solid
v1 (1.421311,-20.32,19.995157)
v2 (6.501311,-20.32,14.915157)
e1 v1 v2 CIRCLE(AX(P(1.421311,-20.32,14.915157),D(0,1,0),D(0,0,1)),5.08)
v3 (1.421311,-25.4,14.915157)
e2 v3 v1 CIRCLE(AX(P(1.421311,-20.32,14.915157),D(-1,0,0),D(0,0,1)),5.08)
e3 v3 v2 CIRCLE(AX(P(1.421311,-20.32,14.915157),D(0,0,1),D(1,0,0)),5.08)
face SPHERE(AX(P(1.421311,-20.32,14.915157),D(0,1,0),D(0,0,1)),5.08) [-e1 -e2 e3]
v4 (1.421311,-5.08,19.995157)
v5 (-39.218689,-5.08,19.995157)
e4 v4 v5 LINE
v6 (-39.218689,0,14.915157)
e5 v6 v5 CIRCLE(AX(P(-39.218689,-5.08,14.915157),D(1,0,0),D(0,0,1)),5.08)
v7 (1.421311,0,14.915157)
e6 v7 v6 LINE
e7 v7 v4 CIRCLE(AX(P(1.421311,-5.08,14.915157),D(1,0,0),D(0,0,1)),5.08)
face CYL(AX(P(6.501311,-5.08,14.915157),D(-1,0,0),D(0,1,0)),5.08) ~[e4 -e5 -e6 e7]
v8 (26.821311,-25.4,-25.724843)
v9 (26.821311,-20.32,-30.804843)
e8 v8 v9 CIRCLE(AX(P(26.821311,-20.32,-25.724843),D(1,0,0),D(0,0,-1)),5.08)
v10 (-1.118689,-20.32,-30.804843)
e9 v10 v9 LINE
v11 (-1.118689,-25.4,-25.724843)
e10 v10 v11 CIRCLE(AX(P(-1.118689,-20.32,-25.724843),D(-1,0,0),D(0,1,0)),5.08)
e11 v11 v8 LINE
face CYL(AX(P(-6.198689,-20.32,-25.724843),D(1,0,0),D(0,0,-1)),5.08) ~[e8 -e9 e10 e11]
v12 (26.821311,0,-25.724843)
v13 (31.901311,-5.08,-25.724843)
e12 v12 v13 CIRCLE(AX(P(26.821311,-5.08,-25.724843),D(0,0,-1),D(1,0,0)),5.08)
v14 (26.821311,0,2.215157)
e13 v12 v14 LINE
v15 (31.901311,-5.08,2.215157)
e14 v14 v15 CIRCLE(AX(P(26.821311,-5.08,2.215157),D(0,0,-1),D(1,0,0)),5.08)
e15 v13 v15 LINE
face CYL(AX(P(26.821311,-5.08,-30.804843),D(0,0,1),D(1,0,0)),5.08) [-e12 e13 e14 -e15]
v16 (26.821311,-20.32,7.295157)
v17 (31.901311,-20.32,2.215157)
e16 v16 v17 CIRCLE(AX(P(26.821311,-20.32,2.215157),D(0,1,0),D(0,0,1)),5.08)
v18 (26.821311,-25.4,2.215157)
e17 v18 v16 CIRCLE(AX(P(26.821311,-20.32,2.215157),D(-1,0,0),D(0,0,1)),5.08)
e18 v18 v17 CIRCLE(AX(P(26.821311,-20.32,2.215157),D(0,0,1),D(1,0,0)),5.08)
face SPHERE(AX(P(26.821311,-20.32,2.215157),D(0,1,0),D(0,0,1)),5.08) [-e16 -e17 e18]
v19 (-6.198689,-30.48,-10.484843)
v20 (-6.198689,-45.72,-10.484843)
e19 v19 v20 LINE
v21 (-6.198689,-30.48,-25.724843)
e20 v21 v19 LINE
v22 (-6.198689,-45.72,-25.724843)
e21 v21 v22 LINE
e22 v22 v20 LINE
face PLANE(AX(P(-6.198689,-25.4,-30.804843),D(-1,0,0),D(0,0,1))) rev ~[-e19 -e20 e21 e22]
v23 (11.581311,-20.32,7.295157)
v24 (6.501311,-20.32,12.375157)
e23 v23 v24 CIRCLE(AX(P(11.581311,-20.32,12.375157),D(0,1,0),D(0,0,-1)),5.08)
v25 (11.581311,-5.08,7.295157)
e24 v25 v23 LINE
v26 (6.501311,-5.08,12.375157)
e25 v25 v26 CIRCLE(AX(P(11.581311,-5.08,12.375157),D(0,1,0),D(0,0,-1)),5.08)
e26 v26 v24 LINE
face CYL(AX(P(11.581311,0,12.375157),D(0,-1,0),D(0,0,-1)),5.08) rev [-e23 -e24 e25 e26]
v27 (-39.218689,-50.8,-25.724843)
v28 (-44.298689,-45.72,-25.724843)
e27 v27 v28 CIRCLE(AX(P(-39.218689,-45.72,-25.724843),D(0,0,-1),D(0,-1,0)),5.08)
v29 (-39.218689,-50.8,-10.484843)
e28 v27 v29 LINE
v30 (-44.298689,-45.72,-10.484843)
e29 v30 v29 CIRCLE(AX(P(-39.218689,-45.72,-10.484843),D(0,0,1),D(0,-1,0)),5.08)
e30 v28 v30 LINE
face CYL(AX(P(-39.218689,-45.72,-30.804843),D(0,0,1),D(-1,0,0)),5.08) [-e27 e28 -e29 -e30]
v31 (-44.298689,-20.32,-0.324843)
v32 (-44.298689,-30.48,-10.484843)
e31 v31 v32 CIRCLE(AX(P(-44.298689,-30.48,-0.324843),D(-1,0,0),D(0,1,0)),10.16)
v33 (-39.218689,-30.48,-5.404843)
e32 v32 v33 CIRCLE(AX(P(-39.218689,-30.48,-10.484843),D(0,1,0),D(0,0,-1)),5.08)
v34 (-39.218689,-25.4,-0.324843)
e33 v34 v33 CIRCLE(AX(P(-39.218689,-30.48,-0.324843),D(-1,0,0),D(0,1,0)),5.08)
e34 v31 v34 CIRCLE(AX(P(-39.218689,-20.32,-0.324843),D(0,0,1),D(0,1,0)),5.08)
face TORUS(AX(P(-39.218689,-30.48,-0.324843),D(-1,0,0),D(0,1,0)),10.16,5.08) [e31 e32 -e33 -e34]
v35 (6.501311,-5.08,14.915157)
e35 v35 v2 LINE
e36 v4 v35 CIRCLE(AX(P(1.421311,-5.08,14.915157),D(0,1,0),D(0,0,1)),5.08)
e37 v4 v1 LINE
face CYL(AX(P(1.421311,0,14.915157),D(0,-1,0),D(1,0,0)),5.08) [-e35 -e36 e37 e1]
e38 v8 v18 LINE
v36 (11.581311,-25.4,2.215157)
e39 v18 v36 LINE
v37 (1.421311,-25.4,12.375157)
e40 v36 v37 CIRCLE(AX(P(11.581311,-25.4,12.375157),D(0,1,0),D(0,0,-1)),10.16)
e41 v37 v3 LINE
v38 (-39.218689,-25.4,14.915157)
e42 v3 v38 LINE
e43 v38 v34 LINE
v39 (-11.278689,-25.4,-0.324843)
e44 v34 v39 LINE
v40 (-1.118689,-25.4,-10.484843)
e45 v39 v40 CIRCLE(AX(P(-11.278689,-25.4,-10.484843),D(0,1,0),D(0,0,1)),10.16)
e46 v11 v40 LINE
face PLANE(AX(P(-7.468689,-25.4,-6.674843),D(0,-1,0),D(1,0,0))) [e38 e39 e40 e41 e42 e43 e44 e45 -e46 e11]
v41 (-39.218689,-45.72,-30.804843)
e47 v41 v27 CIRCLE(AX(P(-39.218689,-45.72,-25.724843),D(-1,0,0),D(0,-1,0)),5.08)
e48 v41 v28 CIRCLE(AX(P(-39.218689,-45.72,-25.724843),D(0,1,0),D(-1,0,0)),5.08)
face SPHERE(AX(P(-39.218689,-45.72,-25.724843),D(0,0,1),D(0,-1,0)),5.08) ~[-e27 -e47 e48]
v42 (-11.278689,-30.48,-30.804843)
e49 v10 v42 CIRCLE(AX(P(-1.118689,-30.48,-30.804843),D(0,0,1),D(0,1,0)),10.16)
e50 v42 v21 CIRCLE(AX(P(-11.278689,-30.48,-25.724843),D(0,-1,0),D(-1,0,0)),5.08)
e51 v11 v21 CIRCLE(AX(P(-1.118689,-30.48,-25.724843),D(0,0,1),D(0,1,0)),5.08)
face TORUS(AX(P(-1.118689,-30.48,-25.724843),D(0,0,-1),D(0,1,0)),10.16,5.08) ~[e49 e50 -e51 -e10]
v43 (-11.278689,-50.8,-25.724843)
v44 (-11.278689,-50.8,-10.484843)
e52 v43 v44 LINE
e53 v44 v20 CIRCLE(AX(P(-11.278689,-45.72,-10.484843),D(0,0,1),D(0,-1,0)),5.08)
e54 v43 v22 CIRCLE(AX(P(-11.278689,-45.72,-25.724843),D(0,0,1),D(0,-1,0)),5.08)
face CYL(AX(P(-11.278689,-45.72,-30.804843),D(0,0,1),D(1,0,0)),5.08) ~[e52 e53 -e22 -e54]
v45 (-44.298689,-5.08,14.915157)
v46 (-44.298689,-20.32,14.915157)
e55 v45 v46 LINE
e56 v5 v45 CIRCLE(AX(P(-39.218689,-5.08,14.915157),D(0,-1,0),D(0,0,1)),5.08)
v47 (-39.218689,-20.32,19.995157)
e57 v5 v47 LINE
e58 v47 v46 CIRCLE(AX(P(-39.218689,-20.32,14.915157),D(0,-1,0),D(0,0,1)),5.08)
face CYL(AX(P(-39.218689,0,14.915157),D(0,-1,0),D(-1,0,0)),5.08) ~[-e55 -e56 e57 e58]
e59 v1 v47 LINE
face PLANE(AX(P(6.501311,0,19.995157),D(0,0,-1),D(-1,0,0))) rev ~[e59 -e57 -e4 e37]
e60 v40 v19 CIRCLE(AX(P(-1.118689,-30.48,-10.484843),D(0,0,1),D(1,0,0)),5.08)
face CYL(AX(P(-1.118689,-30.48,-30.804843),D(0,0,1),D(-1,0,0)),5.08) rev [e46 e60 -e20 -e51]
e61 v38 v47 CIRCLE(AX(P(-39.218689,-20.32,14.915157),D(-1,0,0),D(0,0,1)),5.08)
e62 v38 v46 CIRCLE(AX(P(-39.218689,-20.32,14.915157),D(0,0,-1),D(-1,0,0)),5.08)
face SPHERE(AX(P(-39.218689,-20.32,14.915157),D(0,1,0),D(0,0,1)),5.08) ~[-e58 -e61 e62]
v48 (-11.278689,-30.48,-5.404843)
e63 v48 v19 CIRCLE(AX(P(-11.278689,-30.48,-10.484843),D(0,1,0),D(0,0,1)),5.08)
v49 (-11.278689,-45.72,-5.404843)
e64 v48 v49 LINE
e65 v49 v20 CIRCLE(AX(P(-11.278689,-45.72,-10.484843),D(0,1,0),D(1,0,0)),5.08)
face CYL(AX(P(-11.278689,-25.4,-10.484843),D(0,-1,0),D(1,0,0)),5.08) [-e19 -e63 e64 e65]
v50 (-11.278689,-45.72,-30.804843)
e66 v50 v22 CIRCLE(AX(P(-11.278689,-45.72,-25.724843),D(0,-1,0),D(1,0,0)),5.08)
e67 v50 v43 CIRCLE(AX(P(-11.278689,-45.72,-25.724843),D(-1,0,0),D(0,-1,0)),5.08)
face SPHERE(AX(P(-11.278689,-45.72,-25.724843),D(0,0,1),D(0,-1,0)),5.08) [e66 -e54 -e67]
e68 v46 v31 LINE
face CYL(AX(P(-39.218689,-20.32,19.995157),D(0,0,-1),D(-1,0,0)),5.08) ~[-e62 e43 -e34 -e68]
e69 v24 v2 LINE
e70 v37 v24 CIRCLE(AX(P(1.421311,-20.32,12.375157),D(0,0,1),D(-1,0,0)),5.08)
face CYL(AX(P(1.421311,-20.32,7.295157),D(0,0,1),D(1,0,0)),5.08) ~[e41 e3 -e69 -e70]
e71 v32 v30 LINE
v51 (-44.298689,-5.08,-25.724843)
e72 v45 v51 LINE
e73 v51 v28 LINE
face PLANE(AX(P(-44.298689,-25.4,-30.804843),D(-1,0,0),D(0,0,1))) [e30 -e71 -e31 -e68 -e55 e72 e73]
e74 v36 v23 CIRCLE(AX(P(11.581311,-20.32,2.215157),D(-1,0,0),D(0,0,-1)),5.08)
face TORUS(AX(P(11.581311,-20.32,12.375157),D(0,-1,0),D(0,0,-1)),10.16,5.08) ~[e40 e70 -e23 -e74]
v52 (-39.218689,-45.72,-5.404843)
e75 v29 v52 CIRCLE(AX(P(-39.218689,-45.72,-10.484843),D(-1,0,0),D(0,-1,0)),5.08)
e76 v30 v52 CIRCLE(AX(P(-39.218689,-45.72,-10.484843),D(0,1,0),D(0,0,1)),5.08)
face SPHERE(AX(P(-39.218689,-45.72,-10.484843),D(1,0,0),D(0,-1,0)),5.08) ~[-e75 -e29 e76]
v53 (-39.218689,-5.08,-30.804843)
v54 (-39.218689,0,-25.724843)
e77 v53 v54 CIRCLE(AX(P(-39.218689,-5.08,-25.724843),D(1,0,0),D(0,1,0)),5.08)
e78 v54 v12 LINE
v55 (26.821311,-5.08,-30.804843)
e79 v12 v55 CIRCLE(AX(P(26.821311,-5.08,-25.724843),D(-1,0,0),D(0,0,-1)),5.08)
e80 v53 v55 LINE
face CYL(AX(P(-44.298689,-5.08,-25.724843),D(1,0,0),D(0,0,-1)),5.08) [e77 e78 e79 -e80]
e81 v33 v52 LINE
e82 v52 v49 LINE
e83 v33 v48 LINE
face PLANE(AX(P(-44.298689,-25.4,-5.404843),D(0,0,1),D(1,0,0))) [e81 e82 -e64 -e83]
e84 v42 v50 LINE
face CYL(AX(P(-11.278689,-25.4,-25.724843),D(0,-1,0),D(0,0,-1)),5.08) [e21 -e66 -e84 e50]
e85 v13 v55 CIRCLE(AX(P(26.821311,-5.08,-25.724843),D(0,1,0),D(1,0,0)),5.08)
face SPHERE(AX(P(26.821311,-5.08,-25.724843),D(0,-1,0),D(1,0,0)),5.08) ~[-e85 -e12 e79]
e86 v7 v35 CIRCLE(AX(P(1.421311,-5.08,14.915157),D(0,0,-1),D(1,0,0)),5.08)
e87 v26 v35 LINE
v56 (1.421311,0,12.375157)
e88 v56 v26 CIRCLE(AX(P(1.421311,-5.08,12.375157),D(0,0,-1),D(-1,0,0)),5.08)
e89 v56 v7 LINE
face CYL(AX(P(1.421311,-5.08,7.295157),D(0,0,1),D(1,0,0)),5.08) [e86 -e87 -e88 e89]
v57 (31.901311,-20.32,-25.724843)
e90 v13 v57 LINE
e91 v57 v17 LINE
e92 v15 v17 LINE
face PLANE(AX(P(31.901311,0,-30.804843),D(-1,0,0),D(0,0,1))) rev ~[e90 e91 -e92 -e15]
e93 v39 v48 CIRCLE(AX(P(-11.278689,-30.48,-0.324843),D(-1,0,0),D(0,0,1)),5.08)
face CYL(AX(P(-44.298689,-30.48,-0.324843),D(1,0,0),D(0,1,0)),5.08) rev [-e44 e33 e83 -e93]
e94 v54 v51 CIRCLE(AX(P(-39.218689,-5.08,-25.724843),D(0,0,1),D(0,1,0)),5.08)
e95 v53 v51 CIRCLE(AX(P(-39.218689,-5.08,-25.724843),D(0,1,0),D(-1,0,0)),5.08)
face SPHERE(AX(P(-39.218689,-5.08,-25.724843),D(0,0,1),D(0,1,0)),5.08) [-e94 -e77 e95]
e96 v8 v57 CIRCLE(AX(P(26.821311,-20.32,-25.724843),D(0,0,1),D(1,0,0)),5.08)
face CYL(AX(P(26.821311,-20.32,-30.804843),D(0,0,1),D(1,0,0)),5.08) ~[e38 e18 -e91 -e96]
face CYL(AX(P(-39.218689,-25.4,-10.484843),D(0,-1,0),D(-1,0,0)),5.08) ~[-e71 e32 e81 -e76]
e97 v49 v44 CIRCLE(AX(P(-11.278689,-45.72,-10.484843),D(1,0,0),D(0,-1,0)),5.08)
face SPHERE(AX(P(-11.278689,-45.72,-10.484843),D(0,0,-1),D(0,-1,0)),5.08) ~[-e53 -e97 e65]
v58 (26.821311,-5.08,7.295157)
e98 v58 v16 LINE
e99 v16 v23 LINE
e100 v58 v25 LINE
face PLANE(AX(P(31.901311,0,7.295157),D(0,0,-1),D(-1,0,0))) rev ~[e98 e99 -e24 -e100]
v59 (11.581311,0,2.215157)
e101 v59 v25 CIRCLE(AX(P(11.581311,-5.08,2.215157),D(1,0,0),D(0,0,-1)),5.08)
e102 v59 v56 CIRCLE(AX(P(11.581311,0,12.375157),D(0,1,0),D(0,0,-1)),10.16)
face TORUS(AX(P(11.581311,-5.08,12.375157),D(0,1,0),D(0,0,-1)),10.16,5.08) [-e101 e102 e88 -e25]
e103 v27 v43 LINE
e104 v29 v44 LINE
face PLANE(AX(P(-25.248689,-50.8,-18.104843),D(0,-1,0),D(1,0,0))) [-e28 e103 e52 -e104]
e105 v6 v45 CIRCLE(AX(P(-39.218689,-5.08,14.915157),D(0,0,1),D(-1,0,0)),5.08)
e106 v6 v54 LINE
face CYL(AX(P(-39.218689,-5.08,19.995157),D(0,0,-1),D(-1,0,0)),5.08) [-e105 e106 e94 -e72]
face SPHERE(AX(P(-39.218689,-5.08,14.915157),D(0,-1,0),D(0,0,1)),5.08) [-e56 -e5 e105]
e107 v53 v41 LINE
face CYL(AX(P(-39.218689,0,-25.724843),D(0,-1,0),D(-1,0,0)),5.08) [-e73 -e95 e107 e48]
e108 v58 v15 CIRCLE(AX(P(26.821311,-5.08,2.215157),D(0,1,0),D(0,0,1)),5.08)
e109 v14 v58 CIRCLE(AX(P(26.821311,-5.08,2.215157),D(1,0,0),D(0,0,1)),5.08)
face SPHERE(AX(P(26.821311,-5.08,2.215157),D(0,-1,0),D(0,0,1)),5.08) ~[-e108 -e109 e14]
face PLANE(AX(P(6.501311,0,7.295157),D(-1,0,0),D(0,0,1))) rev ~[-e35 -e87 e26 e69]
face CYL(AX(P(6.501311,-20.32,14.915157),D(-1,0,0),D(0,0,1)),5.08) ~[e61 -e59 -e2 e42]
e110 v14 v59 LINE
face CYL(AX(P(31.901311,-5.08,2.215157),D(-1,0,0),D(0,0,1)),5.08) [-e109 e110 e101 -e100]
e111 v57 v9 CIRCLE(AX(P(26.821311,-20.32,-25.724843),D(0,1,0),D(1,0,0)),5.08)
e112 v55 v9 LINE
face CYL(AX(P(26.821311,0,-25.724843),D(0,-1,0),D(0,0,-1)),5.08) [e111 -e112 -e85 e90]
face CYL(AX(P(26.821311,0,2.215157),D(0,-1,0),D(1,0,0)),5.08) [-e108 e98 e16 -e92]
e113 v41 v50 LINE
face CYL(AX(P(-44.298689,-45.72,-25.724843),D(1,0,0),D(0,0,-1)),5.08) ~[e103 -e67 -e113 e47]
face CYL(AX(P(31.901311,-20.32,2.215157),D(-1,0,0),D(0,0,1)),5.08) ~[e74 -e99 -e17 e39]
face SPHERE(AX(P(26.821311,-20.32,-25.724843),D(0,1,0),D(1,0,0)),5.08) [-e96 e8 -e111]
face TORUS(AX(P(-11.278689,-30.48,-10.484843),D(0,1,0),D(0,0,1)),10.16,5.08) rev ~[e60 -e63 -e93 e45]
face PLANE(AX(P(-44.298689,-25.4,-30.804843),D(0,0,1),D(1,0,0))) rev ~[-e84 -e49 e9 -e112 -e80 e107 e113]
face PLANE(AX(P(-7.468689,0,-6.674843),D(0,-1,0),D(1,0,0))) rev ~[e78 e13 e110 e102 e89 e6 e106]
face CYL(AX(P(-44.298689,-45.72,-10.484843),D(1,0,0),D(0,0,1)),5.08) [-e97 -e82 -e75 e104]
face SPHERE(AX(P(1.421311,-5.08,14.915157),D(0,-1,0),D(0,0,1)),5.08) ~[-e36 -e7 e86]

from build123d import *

# Parameters (mm, degrees)
F1_DEPTH = 25.4
F2_W     = 38.1
F2_H     = 25.4
F3_DEPTH = 25.4
F4_R     = 5.08


with BuildPart() as f1:
    # F0 (on Front) → F1 (new body)
    with BuildSketch(Plane.XZ):
        Polygon((6.5013106585, 19.9951574836), (-44.2986893415, 19.9951574836), (-44.2986893415, -30.8048425164), (31.9013106585, -30.8048425164), (31.9013106585, 7.2951574836), (6.5013106585, 7.2951574836), align=None)
    extrude(amount=F1_DEPTH)

    # F2 (on face) → F3 (join)
    with BuildSketch(Plane.XZ.offset(25.4)):
        with Locations((-25.2486893415, -18.1048425164)):
            Rectangle(F2_W, F2_H)
    extrude(amount=F3_DEPTH)

    # F4
    f4_edges = [f1.edges().sort_by_distance(p)[0] for p in [
        (6.501311, -12.7, 19.995157),
        (-44.298689, -12.7, 19.995157),
        (-18.898689, 0, 19.995157),
        (-18.898689, -25.4, 19.995157),
        (31.901311, -12.7, 7.295157),
        (6.501311, -12.7, 7.295157),
        (19.201311, 0, 7.295157),
        (19.201311, -25.4, 7.295157),
        (-6.198689, -50.8, -18.104843),
        (-25.248689, -50.8, -5.404843),
        (-44.298689, -50.8, -18.104843),
        (-25.248689, -50.8, -30.804843),
        (-6.198689, -38.1, -5.404843),
        (-44.298689, -38.1, -5.404843),
        (-25.248689, -25.4, -5.404843),
        (-6.198689, -38.1, -30.804843),
        (-6.198689, -25.4, -18.104843),
        (31.901311, -12.7, -30.804843),
        (31.901311, 0, -11.754843),
        (31.901311, -25.4, -11.754843),
        (12.851311, -25.4, -30.804843),
        (-44.298689, -25.4, 7.295157),
        (6.501311, -25.4, 13.645157),
        (6.501311, 0, 13.645157),
        (-44.298689, 0, -5.404843),
        (-6.198689, 0, -30.804843),
        (-44.298689, -25.4, -30.804843),
    ]]
    fillet(f4_edges, radius=F4_R)


solid = f1.part
